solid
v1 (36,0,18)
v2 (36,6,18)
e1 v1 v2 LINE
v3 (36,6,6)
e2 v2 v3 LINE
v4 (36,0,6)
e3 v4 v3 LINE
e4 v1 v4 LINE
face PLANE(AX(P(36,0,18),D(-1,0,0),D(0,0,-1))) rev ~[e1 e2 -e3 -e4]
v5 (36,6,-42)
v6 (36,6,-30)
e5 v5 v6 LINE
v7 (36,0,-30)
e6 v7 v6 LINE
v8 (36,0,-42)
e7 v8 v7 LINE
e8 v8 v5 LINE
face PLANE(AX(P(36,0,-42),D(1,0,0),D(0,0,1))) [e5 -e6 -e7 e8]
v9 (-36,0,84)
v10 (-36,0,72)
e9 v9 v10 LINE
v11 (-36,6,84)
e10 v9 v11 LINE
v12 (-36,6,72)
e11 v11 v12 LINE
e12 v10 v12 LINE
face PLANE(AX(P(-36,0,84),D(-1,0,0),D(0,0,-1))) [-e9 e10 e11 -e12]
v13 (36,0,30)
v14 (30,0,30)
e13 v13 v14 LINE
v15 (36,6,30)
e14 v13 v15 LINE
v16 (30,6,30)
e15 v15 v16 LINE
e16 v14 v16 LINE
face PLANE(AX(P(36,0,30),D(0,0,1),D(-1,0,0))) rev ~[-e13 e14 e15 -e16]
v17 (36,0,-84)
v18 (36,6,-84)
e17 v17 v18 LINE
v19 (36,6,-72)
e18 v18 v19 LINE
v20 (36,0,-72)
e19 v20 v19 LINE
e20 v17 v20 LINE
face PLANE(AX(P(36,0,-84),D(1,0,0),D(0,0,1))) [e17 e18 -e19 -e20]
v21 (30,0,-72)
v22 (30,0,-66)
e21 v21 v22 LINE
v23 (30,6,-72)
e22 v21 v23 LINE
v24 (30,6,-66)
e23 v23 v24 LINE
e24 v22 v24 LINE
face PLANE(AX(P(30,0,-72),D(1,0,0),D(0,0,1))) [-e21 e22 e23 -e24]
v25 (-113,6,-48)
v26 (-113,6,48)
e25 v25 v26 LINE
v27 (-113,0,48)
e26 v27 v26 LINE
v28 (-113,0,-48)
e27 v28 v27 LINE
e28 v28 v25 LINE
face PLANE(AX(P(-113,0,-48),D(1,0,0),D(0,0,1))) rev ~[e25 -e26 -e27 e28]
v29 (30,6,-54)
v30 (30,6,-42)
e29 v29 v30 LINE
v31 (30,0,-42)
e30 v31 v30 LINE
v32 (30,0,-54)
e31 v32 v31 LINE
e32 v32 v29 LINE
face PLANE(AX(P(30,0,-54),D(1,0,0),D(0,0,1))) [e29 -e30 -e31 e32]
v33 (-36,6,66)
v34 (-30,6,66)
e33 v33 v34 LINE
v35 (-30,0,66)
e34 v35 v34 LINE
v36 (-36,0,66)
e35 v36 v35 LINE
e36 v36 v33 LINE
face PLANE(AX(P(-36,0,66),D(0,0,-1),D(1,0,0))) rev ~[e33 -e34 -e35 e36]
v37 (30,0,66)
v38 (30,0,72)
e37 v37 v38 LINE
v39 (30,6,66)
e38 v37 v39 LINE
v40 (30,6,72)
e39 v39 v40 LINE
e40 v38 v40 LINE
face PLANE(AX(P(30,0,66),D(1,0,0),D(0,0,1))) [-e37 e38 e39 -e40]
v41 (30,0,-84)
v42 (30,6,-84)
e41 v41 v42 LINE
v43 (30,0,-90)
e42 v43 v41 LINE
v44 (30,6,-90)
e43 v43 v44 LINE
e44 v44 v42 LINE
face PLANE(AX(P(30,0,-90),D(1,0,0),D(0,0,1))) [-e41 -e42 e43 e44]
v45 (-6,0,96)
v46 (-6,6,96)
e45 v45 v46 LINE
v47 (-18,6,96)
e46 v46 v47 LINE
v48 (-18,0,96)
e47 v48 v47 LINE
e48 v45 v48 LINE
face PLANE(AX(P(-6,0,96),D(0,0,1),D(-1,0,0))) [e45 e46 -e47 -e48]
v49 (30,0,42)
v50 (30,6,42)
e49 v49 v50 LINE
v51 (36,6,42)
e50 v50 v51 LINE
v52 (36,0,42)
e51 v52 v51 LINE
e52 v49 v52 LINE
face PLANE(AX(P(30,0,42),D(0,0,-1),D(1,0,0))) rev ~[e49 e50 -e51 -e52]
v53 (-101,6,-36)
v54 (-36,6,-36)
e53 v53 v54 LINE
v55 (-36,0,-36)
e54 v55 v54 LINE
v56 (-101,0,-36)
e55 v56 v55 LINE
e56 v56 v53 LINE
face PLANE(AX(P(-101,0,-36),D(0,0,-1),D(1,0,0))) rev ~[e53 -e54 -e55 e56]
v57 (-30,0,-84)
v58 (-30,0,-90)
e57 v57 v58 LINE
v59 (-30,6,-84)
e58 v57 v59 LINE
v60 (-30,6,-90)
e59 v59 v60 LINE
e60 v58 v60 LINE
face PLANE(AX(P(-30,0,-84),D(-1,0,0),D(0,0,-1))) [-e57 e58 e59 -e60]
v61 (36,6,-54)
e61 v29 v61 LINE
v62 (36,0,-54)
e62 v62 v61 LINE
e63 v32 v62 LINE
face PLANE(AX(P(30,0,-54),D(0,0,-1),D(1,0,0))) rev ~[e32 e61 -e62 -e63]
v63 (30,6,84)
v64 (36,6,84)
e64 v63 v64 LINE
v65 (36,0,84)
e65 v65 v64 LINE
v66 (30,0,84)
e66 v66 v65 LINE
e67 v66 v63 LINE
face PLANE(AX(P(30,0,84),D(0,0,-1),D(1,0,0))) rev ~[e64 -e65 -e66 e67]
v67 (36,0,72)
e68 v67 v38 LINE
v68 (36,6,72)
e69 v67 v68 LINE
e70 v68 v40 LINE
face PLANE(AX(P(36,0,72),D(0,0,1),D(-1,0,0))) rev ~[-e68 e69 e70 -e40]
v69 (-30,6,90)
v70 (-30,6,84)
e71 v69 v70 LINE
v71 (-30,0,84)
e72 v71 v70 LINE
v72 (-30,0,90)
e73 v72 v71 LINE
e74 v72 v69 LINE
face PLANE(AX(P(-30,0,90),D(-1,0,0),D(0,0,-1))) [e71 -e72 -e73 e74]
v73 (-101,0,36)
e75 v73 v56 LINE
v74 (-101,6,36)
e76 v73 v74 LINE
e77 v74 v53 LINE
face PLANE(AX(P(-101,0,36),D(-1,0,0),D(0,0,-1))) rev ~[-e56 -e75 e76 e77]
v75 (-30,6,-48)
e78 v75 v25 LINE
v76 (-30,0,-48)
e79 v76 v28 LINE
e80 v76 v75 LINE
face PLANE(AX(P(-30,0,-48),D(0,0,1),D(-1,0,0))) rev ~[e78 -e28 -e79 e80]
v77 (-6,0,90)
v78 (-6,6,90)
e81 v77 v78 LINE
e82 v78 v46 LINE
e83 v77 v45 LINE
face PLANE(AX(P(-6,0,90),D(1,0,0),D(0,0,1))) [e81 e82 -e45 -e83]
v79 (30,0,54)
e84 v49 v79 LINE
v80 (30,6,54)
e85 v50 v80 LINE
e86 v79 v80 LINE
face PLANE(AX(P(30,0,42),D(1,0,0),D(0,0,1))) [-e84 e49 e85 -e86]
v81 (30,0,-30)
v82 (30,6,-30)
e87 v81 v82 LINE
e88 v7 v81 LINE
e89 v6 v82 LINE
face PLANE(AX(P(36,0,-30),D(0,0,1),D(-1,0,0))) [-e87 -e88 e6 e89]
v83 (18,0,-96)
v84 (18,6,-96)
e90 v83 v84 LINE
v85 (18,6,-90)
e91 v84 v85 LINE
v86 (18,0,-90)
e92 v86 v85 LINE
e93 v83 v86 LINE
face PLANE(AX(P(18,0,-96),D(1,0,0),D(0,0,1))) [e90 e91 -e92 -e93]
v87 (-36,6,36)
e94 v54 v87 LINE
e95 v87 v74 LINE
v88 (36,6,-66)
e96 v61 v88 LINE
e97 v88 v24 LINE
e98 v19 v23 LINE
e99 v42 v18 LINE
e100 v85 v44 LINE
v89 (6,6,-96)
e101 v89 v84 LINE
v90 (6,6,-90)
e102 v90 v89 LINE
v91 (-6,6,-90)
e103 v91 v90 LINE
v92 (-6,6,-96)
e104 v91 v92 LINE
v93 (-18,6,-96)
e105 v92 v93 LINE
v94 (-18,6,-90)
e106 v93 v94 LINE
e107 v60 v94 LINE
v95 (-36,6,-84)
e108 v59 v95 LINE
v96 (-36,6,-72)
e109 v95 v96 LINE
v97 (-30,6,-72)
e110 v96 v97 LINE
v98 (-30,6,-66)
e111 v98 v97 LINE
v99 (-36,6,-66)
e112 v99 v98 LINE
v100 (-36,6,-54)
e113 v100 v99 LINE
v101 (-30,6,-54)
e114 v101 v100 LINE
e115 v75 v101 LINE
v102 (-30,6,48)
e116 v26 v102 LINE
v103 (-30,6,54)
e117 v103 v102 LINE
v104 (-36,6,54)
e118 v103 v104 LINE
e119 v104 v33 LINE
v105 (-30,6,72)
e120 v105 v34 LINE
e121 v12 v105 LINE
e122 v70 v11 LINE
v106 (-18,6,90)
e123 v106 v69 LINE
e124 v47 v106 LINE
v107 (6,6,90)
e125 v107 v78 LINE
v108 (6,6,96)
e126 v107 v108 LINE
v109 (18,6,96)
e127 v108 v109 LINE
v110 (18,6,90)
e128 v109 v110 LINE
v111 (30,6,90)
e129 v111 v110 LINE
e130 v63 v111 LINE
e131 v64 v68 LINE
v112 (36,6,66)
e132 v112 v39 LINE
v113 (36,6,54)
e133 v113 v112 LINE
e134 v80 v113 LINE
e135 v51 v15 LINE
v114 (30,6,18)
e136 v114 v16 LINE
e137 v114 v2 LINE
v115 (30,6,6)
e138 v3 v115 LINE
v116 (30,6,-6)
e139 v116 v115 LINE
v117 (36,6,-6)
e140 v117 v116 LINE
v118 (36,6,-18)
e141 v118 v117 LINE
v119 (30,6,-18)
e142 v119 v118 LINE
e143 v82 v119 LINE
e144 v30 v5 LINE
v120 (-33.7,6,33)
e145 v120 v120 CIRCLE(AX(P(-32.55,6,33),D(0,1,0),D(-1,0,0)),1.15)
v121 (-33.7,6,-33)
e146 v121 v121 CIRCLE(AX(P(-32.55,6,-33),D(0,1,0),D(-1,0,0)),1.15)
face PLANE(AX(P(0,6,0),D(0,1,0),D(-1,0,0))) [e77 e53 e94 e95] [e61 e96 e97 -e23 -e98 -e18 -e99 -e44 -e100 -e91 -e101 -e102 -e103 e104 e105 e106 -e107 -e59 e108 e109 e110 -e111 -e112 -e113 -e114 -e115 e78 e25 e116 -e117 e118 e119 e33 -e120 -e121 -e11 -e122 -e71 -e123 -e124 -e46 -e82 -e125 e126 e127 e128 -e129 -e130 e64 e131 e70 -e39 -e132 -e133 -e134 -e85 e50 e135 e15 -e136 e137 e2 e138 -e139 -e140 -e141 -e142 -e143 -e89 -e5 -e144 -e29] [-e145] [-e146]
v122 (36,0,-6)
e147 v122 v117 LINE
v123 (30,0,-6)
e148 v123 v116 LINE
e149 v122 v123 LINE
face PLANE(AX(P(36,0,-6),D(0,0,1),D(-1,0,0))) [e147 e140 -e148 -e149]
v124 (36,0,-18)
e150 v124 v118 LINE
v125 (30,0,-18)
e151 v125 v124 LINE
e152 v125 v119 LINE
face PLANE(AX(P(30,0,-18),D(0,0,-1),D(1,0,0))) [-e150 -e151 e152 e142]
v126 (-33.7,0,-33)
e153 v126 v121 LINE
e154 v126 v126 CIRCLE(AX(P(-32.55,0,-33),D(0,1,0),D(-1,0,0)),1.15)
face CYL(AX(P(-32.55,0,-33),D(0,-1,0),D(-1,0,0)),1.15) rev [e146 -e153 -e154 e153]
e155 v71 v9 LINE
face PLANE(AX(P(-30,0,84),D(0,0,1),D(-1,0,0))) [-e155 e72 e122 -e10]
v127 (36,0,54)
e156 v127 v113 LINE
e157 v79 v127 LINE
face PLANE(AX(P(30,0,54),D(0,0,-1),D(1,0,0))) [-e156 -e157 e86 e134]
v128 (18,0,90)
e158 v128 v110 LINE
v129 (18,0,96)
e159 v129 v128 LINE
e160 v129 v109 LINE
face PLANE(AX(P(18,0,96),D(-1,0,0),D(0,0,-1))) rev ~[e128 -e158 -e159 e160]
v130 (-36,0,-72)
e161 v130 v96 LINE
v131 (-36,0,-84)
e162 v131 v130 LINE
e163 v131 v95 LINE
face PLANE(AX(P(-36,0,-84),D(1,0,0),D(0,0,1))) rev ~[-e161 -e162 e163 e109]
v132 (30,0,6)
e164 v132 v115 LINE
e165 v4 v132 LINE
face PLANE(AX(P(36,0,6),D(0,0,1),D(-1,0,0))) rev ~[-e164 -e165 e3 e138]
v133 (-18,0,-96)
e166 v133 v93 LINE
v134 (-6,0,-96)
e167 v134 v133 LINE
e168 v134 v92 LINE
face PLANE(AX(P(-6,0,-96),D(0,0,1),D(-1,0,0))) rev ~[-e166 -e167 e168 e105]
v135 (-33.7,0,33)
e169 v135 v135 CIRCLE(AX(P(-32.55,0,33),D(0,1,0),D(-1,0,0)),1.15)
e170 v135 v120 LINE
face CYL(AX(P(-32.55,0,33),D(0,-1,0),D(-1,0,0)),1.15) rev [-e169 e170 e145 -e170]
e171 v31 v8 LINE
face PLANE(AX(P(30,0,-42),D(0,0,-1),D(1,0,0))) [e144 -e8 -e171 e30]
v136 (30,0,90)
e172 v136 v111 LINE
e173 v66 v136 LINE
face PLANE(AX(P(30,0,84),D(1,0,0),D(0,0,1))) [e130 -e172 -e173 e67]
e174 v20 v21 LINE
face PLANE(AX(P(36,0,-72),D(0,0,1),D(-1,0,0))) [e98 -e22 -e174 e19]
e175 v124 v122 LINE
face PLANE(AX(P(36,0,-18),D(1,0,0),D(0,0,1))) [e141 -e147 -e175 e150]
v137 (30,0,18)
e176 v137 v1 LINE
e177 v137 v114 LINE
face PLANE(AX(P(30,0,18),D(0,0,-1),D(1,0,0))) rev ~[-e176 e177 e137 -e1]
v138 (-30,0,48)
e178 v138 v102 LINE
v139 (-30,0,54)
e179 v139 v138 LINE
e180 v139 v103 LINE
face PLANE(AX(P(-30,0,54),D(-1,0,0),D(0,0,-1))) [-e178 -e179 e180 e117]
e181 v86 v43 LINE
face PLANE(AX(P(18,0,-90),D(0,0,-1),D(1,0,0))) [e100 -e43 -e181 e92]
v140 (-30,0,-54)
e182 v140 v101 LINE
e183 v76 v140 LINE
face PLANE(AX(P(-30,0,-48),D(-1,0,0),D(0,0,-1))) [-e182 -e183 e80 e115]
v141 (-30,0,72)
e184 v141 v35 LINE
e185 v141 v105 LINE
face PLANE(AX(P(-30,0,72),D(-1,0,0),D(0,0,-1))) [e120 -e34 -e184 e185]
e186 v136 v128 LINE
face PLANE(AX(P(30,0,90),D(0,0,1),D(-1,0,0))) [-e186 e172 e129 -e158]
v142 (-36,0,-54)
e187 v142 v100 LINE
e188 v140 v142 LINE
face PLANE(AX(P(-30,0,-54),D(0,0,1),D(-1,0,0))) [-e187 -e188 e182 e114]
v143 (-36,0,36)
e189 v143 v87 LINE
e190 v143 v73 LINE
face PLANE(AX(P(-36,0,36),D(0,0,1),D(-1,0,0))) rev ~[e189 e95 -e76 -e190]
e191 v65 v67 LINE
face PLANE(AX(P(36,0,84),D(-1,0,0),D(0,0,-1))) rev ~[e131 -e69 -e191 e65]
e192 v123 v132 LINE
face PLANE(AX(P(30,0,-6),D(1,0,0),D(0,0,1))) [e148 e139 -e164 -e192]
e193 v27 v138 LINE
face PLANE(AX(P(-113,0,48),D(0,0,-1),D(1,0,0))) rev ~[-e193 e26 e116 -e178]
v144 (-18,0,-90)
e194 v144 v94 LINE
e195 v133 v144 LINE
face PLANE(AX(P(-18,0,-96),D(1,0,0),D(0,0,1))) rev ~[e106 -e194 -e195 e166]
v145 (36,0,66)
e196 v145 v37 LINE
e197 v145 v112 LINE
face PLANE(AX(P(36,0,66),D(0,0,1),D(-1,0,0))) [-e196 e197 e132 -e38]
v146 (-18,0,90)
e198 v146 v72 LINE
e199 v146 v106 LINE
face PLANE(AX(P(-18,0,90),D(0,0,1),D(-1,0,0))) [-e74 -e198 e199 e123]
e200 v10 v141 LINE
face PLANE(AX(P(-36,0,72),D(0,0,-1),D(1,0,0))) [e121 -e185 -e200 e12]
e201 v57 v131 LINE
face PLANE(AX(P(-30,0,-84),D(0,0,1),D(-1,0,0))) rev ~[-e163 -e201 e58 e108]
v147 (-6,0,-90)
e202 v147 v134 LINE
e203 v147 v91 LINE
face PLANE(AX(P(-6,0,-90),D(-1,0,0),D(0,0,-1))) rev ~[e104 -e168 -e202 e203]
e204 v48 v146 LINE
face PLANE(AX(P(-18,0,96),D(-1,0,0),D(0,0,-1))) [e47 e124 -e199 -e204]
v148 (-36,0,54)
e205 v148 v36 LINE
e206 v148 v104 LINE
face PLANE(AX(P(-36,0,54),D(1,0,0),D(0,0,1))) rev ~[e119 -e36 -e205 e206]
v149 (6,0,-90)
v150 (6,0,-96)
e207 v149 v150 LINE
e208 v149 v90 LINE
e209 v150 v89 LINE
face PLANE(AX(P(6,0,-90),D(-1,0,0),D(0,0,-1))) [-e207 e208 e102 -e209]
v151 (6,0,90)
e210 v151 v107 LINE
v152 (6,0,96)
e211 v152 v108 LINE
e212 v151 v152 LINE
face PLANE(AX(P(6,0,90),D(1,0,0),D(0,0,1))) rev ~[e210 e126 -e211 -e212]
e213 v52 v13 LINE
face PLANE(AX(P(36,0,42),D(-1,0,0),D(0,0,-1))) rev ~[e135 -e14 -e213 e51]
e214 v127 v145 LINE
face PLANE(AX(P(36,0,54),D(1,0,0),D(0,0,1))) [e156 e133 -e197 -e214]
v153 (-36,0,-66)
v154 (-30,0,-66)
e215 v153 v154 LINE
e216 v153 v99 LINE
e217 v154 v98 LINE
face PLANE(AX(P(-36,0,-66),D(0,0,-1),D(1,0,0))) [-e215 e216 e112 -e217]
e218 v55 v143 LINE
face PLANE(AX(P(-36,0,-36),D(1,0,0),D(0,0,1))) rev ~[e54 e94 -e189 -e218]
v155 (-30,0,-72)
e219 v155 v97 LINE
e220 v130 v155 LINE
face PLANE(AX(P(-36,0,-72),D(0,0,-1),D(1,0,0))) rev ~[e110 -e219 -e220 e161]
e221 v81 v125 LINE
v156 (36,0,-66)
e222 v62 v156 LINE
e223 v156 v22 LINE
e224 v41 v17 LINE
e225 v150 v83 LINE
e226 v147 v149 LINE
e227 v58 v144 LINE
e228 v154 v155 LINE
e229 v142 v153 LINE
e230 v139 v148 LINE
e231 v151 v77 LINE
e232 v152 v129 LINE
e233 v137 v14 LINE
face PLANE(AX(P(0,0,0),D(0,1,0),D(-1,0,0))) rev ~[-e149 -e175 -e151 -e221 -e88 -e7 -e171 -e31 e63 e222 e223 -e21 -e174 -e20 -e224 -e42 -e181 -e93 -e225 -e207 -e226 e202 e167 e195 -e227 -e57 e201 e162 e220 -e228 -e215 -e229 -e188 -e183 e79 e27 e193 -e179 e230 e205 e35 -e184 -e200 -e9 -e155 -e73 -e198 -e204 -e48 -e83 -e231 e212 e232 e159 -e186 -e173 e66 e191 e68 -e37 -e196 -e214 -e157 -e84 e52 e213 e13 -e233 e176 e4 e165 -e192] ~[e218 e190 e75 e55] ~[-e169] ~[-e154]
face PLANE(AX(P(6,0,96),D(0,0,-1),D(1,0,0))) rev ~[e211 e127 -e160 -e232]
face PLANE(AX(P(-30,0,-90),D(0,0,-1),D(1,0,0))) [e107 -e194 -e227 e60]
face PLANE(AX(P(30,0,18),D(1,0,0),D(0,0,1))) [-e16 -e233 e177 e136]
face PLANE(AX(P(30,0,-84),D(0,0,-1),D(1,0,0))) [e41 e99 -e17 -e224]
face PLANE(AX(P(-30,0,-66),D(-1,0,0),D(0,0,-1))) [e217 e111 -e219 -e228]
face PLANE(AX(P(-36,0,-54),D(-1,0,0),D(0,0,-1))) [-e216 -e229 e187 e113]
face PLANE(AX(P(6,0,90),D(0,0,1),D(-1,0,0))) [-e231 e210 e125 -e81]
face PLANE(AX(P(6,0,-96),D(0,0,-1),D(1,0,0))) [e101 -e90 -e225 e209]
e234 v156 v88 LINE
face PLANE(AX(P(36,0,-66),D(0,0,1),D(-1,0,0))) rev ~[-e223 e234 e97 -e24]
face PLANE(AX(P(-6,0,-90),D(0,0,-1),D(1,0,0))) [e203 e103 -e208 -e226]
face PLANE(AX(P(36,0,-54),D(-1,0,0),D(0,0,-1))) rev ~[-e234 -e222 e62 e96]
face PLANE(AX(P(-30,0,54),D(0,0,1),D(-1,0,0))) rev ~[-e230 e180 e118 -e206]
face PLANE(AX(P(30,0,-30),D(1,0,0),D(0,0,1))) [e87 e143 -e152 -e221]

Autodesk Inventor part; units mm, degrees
ref_plane "YZ Plane" through (0, 0, 0) normal (1, 0, 0) x (0, 1, 0)
ref_plane "XZ Plane" through (0, 0, 0) normal (0, 1, 0) x (-1, 0, 0)
ref_plane "XY Plane" through (0, 0, 0) normal (0, 0, 1) x (1, 0, 0)
sketch "Sketch1" plane through (0, 0, 0) normal (0, 1, 0) x (-1, 0, 0)
  line L0 (-30, 90) -> (30, 90)
  line L1 (30, 90) -> (30, -90)
  line L2 (30, -90) -> (-30, -90)
  line L3 (-30, -90) -> (-30, 90)
  line L4 (-30, 90) -> (30, -90) construction
  line L5 (30, 90) -> (-30, -90) construction
  line L6 (-30, 84) -> (-36, 84)
  line L7 (-36, 84) -> (-36, 72)
  line L8 (-36, 72) -> (-30, 72)
  line L9 (-30, 72) -> (-30, 84)
  line L10 (-36, 66) -> (-30, 66)
  line L11 (-30, 66) -> (-30, 54)
  line L12 (-30, 54) -> (-36, 54)
  line L13 (-36, 54) -> (-36, 66)
  line L14 (-30, 42) -> (-36, 42)
  line L15 (-36, 42) -> (-36, 30)
  line L16 (-36, 30) -> (-30, 30)
  line L17 (-30, 30) -> (-30, 42)
  line L18 (-30, 18) -> (-36, 18)
  line L19 (-36, 18) -> (-36, 6)
  line L20 (-36, 6) -> (-30, 6)
  line L21 (-30, 6) -> (-30, 18)
  line L22 (0, 0) -> (-5.6352, 0)
  line L23 (-5.6352, 0) -> (0, 0)
  line L24 (0, 0) -> (0, 8.7024)
  line L25 (-30, 90) -> (30, -90) construction
  line L26 (30, 84) -> (36, 84)
  line L27 (36, 84) -> (36, 72)
  line L28 (36, 72) -> (30, 72)
  line L29 (30, 72) -> (30, 84)
  line L30 (36, 66) -> (30, 66)
  line L31 (30, 66) -> (30, 54)
  line L32 (30, 54) -> (36, 54)
  line L33 (36, 54) -> (36, 66)
  line L34 (-30, -84) -> (-36, -84)
  line L35 (-36, -84) -> (-36, -72)
  line L36 (-36, -72) -> (-30, -72)
  line L37 (-30, -72) -> (-30, -84)
  line L38 (-36, -66) -> (-30, -66)
  line L39 (-30, -66) -> (-30, -54)
  line L40 (-30, -54) -> (-36, -54)
  line L41 (-36, -54) -> (-36, -66)
  line L42 (-30, -42) -> (-36, -42)
  line L43 (-36, -42) -> (-36, -30)
  line L44 (-36, -30) -> (-30, -30)
  line L45 (-30, -30) -> (-30, -42)
  line L46 (-30, -18) -> (-36, -18)
  line L47 (-36, -18) -> (-36, -6)
  line L48 (-36, -6) -> (-30, -6)
  line L49 (-30, -6) -> (-30, -18)
  line L50 (30, -84) -> (36, -84)
  line L51 (36, -84) -> (36, -72)
  line L52 (36, -72) -> (30, -72)
  line L53 (30, -72) -> (30, -84)
  line L54 (30, -54) -> (36, -54)
  line L55 (30, -66) -> (30, -54)
  line L56 (36, -66) -> (30, -66)
  line L57 (36, -54) -> (36, -66)
  line L58 (18, 90) -> (6, 90)
  line L59 (6, 90) -> (6, 96)
  line L60 (6, 96) -> (18, 96)
  line L61 (18, 96) -> (18, 90)
  line L62 (-18, 90) -> (-6, 90)
  line L63 (-6, 90) -> (-6, 96)
  line L64 (-6, 96) -> (-18, 96)
  line L65 (-18, 96) -> (-18, 90)
  line L66 (18, -90) -> (6, -90)
  line L67 (6, -90) -> (6, -96)
  line L68 (6, -96) -> (18, -96)
  line L69 (18, -96) -> (18, -90)
  line L70 (-18, -90) -> (-6, -90)
  line L71 (-6, -90) -> (-6, -96)
  line L72 (-6, -96) -> (-18, -96)
  line L73 (-18, -96) -> (-18, -90)
  line L74 (30, -48) -> (113, -48)
  line L75 (113, -48) -> (113, 48)
  line L76 (113, 48) -> (30, 48)
  line L77 (30, 48) -> (30, -48)
  line L78 (101, -36) -> (36, -36)
  line L79 (36, -36) -> (36, 36)
  line L80 (36, 36) -> (101, 36)
  line L81 (101, 36) -> (101, -36)
  circle A0 centre (32.55, 33) radius 1.15
  circle A1 centre (32.55, -33) radius 1.15
  point P0 (0, -8.7024)
  dimension "d0" = 60
  dimension "d1" = 180
  dimension "d2" = 6
  dimension "d3" = 6
  dimension "d4" = 12
  dimension "d5" = 12
  dimension "d6" = 12
  dimension "d7" = 12
  dimension "d8" = 12
  dimension "d9" = 6
  dimension "d10" = 12
  dimension "d17" = 6
  dimension "d19" = 6
  dimension "d20" = 6
  dimension "d21" = 6
  dimension "d22" = 12
  dimension "d23" = 12
  dimension "d24" = 12
  dimension "d25" = 6
  dimension "d26" = 65
  dimension "d27" = 12
  dimension "d28" = 2.3
  dimension "d29" = 3.45
  dimension "d30" = 3
extrude "Extrusion1" add sketch "Sketch1" along normal blind 6
equation "\"d22\" = d23"
equation "\"d24\" = d23"
properties part number "case_back" material "Acrylic, Clear"
